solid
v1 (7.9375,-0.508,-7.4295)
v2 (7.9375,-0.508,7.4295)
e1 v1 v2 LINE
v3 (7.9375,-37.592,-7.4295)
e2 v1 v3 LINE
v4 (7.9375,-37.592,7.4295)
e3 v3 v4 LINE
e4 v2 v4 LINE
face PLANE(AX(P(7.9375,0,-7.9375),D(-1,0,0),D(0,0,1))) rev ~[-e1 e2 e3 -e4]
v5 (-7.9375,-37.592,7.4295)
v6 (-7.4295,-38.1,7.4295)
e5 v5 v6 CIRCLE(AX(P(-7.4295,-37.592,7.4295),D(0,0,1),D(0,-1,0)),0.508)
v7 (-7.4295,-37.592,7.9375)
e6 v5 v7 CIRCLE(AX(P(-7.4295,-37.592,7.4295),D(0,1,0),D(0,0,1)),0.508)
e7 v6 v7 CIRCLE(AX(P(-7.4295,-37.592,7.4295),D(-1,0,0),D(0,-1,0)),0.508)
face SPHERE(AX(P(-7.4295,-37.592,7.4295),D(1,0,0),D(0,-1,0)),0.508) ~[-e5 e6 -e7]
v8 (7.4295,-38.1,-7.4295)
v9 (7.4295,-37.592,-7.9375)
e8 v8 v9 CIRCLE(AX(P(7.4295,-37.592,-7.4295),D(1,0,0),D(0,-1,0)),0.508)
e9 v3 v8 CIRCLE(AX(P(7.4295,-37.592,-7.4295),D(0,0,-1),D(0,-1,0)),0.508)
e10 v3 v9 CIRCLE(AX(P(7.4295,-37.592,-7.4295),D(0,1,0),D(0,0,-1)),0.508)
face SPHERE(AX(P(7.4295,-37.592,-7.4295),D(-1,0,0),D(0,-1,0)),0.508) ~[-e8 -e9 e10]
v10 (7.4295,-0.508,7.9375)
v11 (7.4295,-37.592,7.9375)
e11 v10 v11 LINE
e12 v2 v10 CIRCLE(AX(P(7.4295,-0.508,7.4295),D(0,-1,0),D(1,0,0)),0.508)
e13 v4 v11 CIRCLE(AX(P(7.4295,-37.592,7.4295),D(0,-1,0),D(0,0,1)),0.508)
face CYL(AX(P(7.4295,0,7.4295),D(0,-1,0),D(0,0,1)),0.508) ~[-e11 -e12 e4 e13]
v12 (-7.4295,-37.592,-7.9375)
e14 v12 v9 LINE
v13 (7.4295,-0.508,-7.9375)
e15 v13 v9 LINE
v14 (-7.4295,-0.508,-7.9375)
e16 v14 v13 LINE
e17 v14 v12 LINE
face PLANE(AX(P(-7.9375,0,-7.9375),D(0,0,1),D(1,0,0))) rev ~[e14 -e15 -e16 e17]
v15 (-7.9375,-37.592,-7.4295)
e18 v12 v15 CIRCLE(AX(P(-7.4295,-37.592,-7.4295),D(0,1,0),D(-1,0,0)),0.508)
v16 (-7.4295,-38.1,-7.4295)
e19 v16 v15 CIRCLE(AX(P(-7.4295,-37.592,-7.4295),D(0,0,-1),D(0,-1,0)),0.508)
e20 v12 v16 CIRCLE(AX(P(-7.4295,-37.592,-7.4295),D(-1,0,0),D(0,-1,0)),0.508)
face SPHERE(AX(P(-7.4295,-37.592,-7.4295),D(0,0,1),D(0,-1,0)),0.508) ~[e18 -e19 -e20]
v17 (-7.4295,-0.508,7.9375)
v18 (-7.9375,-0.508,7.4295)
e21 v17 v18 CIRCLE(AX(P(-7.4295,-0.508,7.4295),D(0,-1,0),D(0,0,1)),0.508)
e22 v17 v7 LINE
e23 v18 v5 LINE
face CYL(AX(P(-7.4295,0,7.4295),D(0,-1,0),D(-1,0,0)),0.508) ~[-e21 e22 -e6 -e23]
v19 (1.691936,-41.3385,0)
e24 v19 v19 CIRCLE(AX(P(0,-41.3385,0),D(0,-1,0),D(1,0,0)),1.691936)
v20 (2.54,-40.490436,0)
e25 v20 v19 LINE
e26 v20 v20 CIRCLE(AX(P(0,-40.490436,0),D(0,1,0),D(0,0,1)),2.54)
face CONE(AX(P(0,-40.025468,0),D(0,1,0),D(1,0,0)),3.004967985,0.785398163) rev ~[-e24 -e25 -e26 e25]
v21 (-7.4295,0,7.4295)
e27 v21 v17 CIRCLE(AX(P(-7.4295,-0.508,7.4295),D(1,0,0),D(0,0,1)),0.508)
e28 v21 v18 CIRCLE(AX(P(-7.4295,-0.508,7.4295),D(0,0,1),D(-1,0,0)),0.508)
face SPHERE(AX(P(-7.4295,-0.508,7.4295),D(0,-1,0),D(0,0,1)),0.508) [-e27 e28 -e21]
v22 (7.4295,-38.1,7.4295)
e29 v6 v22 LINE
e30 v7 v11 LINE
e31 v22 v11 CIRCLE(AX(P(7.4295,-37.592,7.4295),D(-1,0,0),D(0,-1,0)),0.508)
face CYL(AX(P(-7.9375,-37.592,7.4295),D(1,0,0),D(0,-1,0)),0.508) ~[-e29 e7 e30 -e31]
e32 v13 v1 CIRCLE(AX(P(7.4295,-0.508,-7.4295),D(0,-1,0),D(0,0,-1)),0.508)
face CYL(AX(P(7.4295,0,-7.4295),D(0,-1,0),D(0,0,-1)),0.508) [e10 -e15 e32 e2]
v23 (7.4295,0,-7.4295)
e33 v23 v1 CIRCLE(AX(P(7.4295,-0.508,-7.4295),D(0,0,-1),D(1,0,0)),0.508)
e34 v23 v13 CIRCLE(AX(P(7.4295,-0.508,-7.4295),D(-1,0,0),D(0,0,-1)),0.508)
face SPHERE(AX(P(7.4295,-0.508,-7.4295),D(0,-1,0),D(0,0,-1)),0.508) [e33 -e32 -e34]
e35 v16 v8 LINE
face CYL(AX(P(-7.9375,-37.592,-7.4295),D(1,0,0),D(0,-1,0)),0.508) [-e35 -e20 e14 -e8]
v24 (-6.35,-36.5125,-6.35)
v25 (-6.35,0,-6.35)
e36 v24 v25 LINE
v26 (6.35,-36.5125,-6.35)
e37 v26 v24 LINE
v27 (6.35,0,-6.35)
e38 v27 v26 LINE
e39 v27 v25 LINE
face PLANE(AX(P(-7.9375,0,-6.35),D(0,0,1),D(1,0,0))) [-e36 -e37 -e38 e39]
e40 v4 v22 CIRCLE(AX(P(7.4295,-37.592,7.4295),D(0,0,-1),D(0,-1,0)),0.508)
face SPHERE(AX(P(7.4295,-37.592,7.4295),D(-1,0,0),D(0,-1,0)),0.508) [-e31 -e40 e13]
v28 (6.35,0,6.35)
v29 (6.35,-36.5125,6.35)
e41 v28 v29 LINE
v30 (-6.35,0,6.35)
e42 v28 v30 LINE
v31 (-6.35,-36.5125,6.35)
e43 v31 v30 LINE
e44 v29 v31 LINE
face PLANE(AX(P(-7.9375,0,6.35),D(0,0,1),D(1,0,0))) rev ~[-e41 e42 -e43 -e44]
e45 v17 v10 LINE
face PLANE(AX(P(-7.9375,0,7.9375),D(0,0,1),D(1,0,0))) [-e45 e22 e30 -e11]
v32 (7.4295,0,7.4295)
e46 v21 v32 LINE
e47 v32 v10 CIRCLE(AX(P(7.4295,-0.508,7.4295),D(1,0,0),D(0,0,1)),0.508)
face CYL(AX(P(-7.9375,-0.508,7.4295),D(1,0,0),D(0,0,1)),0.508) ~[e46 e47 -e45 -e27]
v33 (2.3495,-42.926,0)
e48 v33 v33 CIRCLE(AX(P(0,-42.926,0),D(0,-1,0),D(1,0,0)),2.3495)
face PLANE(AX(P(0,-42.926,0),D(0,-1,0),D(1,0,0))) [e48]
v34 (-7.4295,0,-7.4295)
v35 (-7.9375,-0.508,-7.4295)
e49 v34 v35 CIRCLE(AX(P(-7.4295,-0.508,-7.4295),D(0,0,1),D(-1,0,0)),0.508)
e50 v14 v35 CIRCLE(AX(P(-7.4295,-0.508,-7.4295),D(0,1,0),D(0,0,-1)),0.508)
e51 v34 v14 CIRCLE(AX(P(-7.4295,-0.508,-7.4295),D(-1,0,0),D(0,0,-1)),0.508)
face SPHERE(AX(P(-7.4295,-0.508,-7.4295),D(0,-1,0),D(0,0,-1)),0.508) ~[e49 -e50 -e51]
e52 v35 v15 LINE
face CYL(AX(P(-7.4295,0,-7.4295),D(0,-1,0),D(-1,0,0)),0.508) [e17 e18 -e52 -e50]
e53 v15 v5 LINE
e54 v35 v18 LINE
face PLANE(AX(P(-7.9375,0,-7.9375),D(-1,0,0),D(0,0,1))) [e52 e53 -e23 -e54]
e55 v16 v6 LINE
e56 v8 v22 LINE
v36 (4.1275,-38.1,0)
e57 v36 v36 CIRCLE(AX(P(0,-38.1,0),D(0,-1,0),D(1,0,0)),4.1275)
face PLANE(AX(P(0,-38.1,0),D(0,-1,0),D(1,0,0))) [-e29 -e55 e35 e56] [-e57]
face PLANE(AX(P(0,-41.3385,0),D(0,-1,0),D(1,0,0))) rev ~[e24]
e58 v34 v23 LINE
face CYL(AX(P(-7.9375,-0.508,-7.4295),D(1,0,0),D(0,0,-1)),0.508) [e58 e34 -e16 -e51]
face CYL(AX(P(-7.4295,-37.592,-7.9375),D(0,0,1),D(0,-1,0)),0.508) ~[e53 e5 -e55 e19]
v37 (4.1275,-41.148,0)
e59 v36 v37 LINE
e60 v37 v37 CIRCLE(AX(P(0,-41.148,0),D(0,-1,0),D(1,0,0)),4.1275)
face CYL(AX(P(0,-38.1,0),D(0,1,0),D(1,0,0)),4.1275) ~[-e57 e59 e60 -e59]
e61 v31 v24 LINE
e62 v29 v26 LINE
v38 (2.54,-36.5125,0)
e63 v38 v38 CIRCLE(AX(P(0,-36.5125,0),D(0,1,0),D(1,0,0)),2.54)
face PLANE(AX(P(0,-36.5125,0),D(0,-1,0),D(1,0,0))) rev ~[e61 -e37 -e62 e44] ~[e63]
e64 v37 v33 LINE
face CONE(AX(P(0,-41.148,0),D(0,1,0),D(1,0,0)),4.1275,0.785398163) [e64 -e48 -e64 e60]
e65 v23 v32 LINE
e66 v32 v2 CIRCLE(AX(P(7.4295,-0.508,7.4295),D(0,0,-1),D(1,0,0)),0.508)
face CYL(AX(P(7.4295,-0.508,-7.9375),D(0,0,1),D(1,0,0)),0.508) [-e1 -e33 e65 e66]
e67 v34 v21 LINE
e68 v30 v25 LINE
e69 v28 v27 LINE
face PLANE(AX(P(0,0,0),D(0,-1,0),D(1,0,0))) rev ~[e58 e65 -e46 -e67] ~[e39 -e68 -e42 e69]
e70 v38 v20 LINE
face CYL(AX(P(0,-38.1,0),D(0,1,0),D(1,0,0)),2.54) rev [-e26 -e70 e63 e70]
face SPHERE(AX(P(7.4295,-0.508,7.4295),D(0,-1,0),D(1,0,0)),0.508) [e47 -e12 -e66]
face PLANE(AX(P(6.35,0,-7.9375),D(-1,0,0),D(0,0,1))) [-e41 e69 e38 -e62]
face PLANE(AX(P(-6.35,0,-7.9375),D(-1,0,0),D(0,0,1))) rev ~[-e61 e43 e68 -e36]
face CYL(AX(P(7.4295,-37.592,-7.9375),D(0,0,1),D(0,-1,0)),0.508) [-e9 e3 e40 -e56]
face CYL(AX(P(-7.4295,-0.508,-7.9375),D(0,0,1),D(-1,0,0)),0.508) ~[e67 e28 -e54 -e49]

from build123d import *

# Parameters (mm, degrees)
F0_W     = 15.875
F0_H     = 15.875
F1_DEPTH = 38.1
F2_R     = 4.1275
F3_DEPTH = 4.826
F4_SIZE  = 1.778
F5_T     = -1.5875
F6_R     = 0.508


with BuildPart() as f1:
    # F0 (on Front) → F1 (new body)
    with BuildSketch(Plane.XZ):
        Rectangle(F0_W, F0_H)
    extrude(amount=F1_DEPTH)

    # F2 (on face) → F3 (join)
    with BuildSketch(Plane.XZ.offset(38.1)):
        Circle(F2_R)
    extrude(amount=F3_DEPTH)

    # F4
    f4_edges = [f1.edges().sort_by_distance(p)[0] for p in [
        (-4.1275, -42.926, 0),
    ]]
    chamfer(f4_edges, length=F4_SIZE)

    # F5
    f5_openings = [f1.faces().sort_by_distance(p)[0] for p in [
        (0, 0, 0),
    ]]
    offset(amount=F5_T, openings=f5_openings, kind=Kind.INTERSECTION)

    # F6
    f6_edges = [f1.edges().sort_by_distance(p)[0] for p in [
        (0, -38.1, 7.9375),
        (-7.9375, -38.1, 0),
        (0, -38.1, -7.9375),
        (7.9375, -38.1, 0),
        (-7.9375, -19.05, 7.9375),
        (-7.9375, -19.05, -7.9375),
        (7.9375, -19.05, 7.9375),
        (7.9375, -19.05, -7.9375),
        (0, 0, -7.9375),
        (7.9375, 0, 0),
        (0, 0, 7.9375),
        (-7.9375, 0, 0),
    ]]
    fillet(f6_edges, radius=F6_R)


solid = f1.part
